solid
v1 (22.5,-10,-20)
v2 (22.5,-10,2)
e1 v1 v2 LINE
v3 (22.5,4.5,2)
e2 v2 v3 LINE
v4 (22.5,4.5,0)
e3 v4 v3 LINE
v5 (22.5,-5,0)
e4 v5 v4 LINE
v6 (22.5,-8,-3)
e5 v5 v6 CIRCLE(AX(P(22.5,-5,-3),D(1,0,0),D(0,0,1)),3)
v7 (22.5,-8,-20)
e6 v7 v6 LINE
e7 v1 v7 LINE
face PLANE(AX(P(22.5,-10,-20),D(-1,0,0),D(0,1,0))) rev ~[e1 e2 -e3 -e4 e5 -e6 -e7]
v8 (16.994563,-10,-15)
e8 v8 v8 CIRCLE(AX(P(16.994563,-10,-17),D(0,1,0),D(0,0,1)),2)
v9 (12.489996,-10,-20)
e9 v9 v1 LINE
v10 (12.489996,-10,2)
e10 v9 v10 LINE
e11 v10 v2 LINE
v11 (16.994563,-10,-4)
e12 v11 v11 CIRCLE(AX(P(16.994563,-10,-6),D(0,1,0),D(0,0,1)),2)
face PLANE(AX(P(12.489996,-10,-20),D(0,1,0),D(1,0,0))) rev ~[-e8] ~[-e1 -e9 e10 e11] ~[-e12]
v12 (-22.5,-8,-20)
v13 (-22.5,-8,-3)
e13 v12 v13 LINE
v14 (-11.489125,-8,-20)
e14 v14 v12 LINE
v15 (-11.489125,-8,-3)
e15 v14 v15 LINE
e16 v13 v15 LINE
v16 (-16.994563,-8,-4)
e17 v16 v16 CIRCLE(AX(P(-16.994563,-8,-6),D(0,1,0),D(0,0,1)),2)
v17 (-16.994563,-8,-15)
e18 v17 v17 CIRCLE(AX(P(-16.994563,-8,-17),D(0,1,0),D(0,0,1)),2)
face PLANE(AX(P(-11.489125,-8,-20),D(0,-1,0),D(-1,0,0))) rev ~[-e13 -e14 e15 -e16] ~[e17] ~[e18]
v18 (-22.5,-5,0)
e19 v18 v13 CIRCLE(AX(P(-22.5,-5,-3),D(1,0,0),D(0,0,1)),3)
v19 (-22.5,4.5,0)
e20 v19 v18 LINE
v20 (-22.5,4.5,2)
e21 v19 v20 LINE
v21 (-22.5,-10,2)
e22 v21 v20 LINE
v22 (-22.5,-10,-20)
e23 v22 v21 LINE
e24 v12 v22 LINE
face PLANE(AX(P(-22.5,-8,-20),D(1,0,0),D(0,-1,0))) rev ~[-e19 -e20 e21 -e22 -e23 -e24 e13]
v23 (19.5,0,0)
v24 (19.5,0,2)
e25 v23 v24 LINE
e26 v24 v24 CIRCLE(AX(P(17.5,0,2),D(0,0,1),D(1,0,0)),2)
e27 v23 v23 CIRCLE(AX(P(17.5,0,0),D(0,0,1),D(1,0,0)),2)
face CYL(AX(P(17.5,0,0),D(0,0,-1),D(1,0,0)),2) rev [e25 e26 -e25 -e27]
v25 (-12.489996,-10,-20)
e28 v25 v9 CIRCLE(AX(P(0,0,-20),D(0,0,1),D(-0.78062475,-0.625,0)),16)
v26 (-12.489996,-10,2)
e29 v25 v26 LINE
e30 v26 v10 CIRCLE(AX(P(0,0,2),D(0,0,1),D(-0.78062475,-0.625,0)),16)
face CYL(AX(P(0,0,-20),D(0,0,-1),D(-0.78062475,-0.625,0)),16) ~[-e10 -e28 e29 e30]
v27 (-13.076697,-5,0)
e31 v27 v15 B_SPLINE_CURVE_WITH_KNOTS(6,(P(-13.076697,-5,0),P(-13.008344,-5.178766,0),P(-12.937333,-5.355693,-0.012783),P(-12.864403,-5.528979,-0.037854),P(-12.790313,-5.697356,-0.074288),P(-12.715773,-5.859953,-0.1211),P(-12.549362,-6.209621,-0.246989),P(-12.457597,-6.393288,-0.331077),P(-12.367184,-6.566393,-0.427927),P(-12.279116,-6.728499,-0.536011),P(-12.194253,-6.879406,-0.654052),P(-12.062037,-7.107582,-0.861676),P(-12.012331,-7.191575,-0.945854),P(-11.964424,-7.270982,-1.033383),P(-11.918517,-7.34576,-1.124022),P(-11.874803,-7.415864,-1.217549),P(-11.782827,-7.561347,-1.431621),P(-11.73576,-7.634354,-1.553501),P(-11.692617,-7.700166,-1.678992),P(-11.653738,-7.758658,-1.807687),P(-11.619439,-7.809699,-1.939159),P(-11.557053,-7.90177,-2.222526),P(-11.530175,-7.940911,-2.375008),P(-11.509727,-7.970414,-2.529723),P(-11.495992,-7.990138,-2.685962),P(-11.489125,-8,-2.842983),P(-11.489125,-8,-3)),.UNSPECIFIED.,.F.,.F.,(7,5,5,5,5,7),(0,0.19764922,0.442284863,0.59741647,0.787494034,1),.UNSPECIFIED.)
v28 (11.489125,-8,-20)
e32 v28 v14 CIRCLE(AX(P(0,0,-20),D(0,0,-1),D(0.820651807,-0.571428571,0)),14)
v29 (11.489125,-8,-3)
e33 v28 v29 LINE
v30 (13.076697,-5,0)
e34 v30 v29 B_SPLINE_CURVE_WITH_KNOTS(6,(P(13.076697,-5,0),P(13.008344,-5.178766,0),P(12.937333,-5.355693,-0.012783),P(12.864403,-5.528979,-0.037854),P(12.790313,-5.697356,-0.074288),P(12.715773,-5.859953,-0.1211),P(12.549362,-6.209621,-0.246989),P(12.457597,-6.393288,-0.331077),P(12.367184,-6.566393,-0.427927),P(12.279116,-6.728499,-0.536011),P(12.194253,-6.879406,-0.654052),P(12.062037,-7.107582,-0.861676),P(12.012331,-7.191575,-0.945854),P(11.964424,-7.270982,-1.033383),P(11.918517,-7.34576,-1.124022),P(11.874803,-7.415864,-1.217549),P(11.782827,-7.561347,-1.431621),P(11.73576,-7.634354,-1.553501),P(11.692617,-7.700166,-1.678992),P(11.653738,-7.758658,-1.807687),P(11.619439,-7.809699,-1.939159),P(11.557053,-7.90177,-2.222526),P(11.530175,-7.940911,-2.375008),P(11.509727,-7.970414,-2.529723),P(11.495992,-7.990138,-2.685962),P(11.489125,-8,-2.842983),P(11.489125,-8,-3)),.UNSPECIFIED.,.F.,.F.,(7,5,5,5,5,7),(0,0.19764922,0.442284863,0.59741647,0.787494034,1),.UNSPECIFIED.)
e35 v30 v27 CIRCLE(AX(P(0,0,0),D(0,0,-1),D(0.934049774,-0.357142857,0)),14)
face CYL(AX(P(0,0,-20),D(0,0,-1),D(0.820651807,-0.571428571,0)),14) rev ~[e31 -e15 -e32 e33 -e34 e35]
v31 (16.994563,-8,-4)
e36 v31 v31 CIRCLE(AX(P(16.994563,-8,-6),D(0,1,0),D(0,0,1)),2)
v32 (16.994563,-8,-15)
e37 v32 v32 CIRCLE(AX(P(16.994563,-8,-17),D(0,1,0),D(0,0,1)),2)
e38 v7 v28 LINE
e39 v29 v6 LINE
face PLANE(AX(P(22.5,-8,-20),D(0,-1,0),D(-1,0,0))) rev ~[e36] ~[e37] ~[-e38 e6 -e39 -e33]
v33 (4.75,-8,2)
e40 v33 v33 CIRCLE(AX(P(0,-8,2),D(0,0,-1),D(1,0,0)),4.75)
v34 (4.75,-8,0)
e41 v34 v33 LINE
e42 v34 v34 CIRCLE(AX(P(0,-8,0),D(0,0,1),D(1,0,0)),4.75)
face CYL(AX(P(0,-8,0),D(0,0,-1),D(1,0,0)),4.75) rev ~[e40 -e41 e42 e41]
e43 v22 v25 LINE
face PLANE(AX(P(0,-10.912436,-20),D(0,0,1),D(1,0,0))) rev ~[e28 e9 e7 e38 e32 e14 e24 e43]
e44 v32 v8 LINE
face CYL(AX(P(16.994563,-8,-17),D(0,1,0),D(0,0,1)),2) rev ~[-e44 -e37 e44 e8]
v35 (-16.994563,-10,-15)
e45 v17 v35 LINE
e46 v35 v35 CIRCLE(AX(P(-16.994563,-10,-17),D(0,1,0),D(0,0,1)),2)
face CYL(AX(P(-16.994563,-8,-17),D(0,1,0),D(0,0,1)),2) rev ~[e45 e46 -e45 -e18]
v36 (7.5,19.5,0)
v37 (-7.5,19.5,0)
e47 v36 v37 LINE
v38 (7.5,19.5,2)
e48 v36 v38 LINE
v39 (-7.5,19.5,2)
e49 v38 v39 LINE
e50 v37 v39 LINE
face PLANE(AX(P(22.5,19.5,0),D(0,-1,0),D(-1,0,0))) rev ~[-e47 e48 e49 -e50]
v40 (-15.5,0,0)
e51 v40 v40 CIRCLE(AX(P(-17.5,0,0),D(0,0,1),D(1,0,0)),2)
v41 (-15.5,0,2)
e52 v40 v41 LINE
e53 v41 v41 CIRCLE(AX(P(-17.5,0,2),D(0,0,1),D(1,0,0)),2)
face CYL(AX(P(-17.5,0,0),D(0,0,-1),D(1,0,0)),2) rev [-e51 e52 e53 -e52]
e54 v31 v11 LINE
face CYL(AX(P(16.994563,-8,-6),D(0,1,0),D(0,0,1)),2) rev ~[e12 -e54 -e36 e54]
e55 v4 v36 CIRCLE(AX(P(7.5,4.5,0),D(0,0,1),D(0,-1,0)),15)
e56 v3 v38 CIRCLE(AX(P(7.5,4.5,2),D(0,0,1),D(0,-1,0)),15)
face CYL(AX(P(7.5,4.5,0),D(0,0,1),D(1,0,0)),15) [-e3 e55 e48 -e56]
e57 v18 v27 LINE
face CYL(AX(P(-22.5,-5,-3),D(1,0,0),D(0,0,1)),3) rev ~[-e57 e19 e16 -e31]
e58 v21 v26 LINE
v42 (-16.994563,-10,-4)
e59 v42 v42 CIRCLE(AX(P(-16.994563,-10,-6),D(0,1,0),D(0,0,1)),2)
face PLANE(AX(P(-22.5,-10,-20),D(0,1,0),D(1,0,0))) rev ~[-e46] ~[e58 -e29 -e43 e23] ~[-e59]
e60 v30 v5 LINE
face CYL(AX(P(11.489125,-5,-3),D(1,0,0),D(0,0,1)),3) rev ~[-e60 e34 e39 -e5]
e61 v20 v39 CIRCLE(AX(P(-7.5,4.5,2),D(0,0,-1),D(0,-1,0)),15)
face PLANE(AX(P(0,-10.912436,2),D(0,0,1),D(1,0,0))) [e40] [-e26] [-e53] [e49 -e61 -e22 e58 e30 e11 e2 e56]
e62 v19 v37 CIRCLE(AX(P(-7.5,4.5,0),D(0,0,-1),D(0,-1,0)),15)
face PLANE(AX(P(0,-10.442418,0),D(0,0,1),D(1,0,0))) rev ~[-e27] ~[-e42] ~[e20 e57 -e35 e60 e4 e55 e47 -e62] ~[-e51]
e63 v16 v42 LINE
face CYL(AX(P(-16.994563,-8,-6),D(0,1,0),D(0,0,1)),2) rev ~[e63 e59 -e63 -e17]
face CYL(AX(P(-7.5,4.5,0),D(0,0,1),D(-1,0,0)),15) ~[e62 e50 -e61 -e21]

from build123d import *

# Parameters (mm, degrees)
SKETCH1_R           = 2
BOSS_EXTRUDE2_DEPTH = 2
BOSS_EXTRUDE3_START = -22
BOSS_EXTRUDE3_DEPTH = 22
FILLET1_R           = 15
FILLET2_R           = 3
SKETCH3_R           = 2
CUT_EXTRUDE1_DEPTH  = 21


with BuildPart() as part:
    # Sketch1 → Boss-Extrude2 (new body)
    # profile 1 of 5: a face of its own
    with BuildSketch(Plane.XY):
        with BuildLine():
            Line((-22.5, 19.5), (-22.5, -8))
            Line((-22.5, -8), (-11.489125293, -8))
            ThreePointArc((-11.489125293, -8), (-4.192388692, 13.357540082), (14, 0))
            ThreePointArc((14, 0), (13.357540082, -4.192388692), (11.489125293, -8))
            Line((11.489125293, -8), (22.5, -8))
            Line((22.5, -8), (22.5, 19.5))
            Line((22.5, 19.5), (-22.5, 19.5))
        make_face()
        with Locations((-17.5, 0)):
            Circle(SKETCH1_R, mode=Mode.SUBTRACT)
        with Locations((17.5, 0)):
            Circle(SKETCH1_R, mode=Mode.SUBTRACT)
    # profile 2 of 5: a face of its own
    with BuildSketch(Plane.XY):
        with BuildLine():
            ThreePointArc((14, 0), (-4.192388692, 13.357540082), (-11.489125293, -8))
            Line((-11.489125293, -8), (-4.75, -8))
            ThreePointArc((-4.75, -8), (0, -3.25), (4.75, -8))
            Line((4.75, -8), (11.489125293, -8))
            ThreePointArc((11.489125293, -8), (13.357540082, -4.192388692), (14, 0))
        make_face()
    # profile 3 of 5: a face of its own
    with BuildSketch(Plane.XY):
        with BuildLine():
            Line((-4.75, -8), (-11.489125293, -8))
            ThreePointArc((-11.489125293, -8), (0, -14), (11.489125293, -8))
            Line((11.489125293, -8), (4.75, -8))
            ThreePointArc((4.75, -8), (0, -12.75), (-4.75, -8))
        make_face()
    # profile 4 of 5: a face of its own
    with BuildSketch(Plane.XY):
        with BuildLine():
            ThreePointArc((14, 0), (-4.192388692, 13.357540082), (-11.489125293, -8))
            Line((-11.489125293, -8), (-4.75, -8))
            ThreePointArc((-4.75, -8), (0, -3.25), (4.75, -8))
            Line((4.75, -8), (11.489125293, -8))
            ThreePointArc((11.489125293, -8), (13.357540082, -4.192388692), (14, 0))
        make_face()
    # profile 5 of 5: a face of its own
    with BuildSketch(Plane.XY):
        with BuildLine():
            Line((-4.75, -8), (-11.489125293, -8))
            ThreePointArc((-11.489125293, -8), (0, -14), (11.489125293, -8))
            Line((11.489125293, -8), (4.75, -8))
            ThreePointArc((4.75, -8), (0, -12.75), (-4.75, -8))
        make_face()
    extrude(amount=BOSS_EXTRUDE2_DEPTH)

    # Sketch2 → Boss-Extrude3 (add)
    with BuildSketch(Plane.XY.offset(2).offset(BOSS_EXTRUDE3_START)):
        with BuildLine():
            Line((-22.5, -8), (-22.5, -10))
            Line((-22.5, -10), (-12.489995997, -10))
            ThreePointArc((-12.489995997, -10), (0, -16), (12.489995997, -10))
            Line((12.489995997, -10), (22.5, -10))
            Line((22.5, -10), (22.5, -8))
            Line((22.5, -8), (11.489125293, -8))
            ThreePointArc((11.489125293, -8), (0, -14), (-11.489125293, -8))
            Line((-11.489125293, -8), (-22.5, -8))
        make_face()
    extrude(amount=BOSS_EXTRUDE3_DEPTH)

    # Fillet1
    fillet1_edges = [part.edges().sort_by_distance(p)[0] for p in [
        (-22.5, 19.5, 1),
        (22.5, 19.5, 1),
    ]]
    fillet(fillet1_edges, radius=FILLET1_R)

    # Fillet2
    fillet2_edges = [part.edges().sort_by_distance(p)[0] for p in [
        (-16.994562647, -8, 0),
        (16.994562647, -8, 0),
    ]]
    fillet(fillet2_edges, radius=FILLET2_R)

    # Sketch3 → Cut-Extrude1 (cut)
    with BuildSketch(Plane(origin=(0, -8, 0), x_dir=(1, 0, 0), z_dir=(0, 1, 0))):
        with Locations(Location((-16.994562647, 6, 0), (0, 0, 270))):
            Circle(SKETCH3_R)
        with Locations(Location((-16.994562647, 17, 0), (0, 0, 270))):
            Circle(SKETCH3_R)
        with Locations(Location((16.994562647, 17, 0), (0, 0, 270))):
            Circle(SKETCH3_R)
        with Locations(Location((16.994562647, 6, 0), (0, 0, 270))):
            Circle(SKETCH3_R)
    extrude(amount=-CUT_EXTRUDE1_DEPTH, mode=Mode.SUBTRACT)


solid = part.part
